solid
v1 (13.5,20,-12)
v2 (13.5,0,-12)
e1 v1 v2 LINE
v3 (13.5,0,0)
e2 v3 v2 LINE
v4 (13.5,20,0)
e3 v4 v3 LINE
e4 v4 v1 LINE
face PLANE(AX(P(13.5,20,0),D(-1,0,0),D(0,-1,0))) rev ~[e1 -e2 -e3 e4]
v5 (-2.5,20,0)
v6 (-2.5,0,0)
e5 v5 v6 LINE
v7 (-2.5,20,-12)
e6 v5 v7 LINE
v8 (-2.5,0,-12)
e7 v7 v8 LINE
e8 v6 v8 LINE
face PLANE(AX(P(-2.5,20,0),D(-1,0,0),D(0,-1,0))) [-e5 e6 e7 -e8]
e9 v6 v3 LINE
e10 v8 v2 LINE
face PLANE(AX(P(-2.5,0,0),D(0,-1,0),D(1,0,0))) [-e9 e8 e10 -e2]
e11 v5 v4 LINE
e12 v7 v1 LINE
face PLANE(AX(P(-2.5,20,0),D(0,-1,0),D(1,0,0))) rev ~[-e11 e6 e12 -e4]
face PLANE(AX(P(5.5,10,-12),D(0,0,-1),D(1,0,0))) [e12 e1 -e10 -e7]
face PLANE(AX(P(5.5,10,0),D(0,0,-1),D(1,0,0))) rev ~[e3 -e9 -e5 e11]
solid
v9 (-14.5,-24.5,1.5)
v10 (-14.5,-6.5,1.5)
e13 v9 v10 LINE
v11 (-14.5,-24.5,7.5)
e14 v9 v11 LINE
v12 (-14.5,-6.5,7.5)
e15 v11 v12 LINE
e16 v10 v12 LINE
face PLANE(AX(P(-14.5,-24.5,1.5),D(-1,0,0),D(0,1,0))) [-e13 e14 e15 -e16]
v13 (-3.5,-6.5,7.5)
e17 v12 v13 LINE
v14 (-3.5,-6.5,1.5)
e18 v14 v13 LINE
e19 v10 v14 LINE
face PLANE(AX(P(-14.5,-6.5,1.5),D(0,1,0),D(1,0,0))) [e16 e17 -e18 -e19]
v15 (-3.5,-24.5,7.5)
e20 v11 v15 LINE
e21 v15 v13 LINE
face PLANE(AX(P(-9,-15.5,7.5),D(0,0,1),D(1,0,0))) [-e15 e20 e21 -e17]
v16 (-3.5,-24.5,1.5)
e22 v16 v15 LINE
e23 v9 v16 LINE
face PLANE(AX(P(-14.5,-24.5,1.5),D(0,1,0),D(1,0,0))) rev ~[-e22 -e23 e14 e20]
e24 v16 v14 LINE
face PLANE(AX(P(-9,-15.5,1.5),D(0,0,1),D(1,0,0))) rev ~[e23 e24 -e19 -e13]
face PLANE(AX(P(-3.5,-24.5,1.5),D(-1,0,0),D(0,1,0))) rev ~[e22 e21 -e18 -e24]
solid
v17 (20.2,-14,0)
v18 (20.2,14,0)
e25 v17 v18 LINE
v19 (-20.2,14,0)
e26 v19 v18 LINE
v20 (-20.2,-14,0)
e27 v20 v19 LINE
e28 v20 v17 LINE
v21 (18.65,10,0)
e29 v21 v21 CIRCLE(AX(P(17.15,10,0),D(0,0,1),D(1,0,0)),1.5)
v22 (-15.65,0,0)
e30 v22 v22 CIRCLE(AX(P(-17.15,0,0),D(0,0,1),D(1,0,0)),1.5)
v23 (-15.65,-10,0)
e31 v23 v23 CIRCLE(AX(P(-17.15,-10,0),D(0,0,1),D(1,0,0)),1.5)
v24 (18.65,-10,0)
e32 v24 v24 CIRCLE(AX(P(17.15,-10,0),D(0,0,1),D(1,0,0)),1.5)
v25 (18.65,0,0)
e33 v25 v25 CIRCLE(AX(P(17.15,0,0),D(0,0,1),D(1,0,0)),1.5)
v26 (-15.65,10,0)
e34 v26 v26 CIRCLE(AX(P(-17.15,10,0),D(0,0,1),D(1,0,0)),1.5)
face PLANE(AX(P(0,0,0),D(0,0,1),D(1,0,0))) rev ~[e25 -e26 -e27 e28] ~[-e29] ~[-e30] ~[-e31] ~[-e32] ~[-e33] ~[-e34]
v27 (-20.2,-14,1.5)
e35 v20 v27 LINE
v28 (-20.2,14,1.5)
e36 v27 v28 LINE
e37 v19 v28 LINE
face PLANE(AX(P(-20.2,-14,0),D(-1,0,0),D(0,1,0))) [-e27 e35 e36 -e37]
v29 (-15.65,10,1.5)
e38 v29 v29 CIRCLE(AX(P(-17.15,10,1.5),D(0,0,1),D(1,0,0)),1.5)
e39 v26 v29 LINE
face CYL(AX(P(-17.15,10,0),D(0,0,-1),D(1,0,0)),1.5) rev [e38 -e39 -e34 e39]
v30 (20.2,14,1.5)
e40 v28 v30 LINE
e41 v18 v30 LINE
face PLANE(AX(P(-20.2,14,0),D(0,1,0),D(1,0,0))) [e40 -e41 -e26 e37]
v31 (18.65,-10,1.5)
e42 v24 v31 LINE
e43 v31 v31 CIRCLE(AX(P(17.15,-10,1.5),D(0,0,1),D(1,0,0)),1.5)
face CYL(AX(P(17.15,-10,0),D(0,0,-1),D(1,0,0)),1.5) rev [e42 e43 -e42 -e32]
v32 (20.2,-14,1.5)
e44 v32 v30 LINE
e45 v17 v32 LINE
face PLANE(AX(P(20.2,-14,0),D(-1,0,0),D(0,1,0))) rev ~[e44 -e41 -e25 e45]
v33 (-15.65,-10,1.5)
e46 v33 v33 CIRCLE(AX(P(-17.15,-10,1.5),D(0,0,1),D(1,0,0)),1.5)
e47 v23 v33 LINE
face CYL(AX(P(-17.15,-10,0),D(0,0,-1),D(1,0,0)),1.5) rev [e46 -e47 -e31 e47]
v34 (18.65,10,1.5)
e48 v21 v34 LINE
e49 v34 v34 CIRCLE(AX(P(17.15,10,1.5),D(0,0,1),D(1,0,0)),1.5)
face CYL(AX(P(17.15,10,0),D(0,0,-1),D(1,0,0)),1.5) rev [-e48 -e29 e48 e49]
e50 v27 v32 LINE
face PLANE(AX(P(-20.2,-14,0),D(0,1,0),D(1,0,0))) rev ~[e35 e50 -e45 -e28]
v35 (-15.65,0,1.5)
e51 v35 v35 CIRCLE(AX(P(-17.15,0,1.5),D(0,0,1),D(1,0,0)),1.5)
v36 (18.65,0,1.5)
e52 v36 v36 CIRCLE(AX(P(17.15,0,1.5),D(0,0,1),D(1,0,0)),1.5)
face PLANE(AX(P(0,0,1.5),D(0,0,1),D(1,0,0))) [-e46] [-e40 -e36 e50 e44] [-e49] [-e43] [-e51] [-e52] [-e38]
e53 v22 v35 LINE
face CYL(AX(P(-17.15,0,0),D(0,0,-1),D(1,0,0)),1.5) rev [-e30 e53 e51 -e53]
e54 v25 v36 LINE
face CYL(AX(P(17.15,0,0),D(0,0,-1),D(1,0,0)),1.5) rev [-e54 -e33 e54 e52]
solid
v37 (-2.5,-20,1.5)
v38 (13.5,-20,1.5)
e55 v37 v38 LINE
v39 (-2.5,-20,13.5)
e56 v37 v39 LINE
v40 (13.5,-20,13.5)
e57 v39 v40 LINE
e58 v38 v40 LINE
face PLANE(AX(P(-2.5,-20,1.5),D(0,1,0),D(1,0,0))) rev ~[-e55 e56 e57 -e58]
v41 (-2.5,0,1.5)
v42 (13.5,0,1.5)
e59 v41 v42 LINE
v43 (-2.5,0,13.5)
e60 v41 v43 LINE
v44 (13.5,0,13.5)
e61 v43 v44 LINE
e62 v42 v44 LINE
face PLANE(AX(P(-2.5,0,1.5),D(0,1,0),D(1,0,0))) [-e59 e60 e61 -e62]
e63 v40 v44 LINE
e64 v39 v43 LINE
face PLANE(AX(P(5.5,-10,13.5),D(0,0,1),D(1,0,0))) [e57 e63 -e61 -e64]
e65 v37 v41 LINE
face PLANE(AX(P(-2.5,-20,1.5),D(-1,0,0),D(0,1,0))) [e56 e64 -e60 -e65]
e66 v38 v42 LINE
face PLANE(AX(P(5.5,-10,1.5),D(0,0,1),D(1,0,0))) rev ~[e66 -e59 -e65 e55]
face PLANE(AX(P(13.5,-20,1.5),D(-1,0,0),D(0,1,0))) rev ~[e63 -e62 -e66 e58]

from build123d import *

# Parameters (mm, degrees)
F0_W     = 40.4
F0_H     = 28
F0_R     = 1.5
F1_DEPTH = 1.5
F2_W     = 16
F2_H     = 20
F3_DEPTH = 12
F4_W     = 16
F4_H     = 20
F5_DEPTH = 12
F6_W     = 11
F6_H     = 18
F7_DEPTH = 6


with BuildPart() as f1:
    # F0 (on Top) → F1 (new body)
    with BuildSketch(Plane.XY):
        Rectangle(F0_W, F0_H)
        with Locations((-17.15, -10)):
            Circle(F0_R, mode=Mode.SUBTRACT)
        with Locations((17.15, -10)):
            Circle(F0_R, mode=Mode.SUBTRACT)
        with Locations((-17.15, 0)):
            Circle(F0_R, mode=Mode.SUBTRACT)
        with Locations((-17.15, 10)):
            Circle(F0_R, mode=Mode.SUBTRACT)
        with Locations((17.15, 0)):
            Circle(F0_R, mode=Mode.SUBTRACT)
        with Locations((17.15, 10)):
            Circle(F0_R, mode=Mode.SUBTRACT)
    extrude(amount=F1_DEPTH)


with BuildPart() as f3:
    # F2 (on face) → F3 (new body)
    with BuildSketch(Plane(origin=(0, 0, 0), x_dir=(1, 0, 0), z_dir=(0, 0, -1))):
        with Locations((5.5, -10)):
            Rectangle(F2_W, F2_H)
    extrude(amount=F3_DEPTH)


with BuildPart() as f5:
    # F4 (on face) → F5 (new body)
    with BuildSketch(Plane.XY.offset(1.5)):
        with Locations((5.5, -10)):
            Rectangle(F4_W, F4_H)
    extrude(amount=F5_DEPTH)


with BuildPart() as f7:
    # F6 (on face) → F7 (new body)
    with BuildSketch(Plane.XY.offset(1.5)):
        with Locations((-9, -15.5)):
            Rectangle(F6_W, F6_H)
    extrude(amount=F7_DEPTH)


solid = Compound([f1.part, f3.part, f5.part, f7.part])
